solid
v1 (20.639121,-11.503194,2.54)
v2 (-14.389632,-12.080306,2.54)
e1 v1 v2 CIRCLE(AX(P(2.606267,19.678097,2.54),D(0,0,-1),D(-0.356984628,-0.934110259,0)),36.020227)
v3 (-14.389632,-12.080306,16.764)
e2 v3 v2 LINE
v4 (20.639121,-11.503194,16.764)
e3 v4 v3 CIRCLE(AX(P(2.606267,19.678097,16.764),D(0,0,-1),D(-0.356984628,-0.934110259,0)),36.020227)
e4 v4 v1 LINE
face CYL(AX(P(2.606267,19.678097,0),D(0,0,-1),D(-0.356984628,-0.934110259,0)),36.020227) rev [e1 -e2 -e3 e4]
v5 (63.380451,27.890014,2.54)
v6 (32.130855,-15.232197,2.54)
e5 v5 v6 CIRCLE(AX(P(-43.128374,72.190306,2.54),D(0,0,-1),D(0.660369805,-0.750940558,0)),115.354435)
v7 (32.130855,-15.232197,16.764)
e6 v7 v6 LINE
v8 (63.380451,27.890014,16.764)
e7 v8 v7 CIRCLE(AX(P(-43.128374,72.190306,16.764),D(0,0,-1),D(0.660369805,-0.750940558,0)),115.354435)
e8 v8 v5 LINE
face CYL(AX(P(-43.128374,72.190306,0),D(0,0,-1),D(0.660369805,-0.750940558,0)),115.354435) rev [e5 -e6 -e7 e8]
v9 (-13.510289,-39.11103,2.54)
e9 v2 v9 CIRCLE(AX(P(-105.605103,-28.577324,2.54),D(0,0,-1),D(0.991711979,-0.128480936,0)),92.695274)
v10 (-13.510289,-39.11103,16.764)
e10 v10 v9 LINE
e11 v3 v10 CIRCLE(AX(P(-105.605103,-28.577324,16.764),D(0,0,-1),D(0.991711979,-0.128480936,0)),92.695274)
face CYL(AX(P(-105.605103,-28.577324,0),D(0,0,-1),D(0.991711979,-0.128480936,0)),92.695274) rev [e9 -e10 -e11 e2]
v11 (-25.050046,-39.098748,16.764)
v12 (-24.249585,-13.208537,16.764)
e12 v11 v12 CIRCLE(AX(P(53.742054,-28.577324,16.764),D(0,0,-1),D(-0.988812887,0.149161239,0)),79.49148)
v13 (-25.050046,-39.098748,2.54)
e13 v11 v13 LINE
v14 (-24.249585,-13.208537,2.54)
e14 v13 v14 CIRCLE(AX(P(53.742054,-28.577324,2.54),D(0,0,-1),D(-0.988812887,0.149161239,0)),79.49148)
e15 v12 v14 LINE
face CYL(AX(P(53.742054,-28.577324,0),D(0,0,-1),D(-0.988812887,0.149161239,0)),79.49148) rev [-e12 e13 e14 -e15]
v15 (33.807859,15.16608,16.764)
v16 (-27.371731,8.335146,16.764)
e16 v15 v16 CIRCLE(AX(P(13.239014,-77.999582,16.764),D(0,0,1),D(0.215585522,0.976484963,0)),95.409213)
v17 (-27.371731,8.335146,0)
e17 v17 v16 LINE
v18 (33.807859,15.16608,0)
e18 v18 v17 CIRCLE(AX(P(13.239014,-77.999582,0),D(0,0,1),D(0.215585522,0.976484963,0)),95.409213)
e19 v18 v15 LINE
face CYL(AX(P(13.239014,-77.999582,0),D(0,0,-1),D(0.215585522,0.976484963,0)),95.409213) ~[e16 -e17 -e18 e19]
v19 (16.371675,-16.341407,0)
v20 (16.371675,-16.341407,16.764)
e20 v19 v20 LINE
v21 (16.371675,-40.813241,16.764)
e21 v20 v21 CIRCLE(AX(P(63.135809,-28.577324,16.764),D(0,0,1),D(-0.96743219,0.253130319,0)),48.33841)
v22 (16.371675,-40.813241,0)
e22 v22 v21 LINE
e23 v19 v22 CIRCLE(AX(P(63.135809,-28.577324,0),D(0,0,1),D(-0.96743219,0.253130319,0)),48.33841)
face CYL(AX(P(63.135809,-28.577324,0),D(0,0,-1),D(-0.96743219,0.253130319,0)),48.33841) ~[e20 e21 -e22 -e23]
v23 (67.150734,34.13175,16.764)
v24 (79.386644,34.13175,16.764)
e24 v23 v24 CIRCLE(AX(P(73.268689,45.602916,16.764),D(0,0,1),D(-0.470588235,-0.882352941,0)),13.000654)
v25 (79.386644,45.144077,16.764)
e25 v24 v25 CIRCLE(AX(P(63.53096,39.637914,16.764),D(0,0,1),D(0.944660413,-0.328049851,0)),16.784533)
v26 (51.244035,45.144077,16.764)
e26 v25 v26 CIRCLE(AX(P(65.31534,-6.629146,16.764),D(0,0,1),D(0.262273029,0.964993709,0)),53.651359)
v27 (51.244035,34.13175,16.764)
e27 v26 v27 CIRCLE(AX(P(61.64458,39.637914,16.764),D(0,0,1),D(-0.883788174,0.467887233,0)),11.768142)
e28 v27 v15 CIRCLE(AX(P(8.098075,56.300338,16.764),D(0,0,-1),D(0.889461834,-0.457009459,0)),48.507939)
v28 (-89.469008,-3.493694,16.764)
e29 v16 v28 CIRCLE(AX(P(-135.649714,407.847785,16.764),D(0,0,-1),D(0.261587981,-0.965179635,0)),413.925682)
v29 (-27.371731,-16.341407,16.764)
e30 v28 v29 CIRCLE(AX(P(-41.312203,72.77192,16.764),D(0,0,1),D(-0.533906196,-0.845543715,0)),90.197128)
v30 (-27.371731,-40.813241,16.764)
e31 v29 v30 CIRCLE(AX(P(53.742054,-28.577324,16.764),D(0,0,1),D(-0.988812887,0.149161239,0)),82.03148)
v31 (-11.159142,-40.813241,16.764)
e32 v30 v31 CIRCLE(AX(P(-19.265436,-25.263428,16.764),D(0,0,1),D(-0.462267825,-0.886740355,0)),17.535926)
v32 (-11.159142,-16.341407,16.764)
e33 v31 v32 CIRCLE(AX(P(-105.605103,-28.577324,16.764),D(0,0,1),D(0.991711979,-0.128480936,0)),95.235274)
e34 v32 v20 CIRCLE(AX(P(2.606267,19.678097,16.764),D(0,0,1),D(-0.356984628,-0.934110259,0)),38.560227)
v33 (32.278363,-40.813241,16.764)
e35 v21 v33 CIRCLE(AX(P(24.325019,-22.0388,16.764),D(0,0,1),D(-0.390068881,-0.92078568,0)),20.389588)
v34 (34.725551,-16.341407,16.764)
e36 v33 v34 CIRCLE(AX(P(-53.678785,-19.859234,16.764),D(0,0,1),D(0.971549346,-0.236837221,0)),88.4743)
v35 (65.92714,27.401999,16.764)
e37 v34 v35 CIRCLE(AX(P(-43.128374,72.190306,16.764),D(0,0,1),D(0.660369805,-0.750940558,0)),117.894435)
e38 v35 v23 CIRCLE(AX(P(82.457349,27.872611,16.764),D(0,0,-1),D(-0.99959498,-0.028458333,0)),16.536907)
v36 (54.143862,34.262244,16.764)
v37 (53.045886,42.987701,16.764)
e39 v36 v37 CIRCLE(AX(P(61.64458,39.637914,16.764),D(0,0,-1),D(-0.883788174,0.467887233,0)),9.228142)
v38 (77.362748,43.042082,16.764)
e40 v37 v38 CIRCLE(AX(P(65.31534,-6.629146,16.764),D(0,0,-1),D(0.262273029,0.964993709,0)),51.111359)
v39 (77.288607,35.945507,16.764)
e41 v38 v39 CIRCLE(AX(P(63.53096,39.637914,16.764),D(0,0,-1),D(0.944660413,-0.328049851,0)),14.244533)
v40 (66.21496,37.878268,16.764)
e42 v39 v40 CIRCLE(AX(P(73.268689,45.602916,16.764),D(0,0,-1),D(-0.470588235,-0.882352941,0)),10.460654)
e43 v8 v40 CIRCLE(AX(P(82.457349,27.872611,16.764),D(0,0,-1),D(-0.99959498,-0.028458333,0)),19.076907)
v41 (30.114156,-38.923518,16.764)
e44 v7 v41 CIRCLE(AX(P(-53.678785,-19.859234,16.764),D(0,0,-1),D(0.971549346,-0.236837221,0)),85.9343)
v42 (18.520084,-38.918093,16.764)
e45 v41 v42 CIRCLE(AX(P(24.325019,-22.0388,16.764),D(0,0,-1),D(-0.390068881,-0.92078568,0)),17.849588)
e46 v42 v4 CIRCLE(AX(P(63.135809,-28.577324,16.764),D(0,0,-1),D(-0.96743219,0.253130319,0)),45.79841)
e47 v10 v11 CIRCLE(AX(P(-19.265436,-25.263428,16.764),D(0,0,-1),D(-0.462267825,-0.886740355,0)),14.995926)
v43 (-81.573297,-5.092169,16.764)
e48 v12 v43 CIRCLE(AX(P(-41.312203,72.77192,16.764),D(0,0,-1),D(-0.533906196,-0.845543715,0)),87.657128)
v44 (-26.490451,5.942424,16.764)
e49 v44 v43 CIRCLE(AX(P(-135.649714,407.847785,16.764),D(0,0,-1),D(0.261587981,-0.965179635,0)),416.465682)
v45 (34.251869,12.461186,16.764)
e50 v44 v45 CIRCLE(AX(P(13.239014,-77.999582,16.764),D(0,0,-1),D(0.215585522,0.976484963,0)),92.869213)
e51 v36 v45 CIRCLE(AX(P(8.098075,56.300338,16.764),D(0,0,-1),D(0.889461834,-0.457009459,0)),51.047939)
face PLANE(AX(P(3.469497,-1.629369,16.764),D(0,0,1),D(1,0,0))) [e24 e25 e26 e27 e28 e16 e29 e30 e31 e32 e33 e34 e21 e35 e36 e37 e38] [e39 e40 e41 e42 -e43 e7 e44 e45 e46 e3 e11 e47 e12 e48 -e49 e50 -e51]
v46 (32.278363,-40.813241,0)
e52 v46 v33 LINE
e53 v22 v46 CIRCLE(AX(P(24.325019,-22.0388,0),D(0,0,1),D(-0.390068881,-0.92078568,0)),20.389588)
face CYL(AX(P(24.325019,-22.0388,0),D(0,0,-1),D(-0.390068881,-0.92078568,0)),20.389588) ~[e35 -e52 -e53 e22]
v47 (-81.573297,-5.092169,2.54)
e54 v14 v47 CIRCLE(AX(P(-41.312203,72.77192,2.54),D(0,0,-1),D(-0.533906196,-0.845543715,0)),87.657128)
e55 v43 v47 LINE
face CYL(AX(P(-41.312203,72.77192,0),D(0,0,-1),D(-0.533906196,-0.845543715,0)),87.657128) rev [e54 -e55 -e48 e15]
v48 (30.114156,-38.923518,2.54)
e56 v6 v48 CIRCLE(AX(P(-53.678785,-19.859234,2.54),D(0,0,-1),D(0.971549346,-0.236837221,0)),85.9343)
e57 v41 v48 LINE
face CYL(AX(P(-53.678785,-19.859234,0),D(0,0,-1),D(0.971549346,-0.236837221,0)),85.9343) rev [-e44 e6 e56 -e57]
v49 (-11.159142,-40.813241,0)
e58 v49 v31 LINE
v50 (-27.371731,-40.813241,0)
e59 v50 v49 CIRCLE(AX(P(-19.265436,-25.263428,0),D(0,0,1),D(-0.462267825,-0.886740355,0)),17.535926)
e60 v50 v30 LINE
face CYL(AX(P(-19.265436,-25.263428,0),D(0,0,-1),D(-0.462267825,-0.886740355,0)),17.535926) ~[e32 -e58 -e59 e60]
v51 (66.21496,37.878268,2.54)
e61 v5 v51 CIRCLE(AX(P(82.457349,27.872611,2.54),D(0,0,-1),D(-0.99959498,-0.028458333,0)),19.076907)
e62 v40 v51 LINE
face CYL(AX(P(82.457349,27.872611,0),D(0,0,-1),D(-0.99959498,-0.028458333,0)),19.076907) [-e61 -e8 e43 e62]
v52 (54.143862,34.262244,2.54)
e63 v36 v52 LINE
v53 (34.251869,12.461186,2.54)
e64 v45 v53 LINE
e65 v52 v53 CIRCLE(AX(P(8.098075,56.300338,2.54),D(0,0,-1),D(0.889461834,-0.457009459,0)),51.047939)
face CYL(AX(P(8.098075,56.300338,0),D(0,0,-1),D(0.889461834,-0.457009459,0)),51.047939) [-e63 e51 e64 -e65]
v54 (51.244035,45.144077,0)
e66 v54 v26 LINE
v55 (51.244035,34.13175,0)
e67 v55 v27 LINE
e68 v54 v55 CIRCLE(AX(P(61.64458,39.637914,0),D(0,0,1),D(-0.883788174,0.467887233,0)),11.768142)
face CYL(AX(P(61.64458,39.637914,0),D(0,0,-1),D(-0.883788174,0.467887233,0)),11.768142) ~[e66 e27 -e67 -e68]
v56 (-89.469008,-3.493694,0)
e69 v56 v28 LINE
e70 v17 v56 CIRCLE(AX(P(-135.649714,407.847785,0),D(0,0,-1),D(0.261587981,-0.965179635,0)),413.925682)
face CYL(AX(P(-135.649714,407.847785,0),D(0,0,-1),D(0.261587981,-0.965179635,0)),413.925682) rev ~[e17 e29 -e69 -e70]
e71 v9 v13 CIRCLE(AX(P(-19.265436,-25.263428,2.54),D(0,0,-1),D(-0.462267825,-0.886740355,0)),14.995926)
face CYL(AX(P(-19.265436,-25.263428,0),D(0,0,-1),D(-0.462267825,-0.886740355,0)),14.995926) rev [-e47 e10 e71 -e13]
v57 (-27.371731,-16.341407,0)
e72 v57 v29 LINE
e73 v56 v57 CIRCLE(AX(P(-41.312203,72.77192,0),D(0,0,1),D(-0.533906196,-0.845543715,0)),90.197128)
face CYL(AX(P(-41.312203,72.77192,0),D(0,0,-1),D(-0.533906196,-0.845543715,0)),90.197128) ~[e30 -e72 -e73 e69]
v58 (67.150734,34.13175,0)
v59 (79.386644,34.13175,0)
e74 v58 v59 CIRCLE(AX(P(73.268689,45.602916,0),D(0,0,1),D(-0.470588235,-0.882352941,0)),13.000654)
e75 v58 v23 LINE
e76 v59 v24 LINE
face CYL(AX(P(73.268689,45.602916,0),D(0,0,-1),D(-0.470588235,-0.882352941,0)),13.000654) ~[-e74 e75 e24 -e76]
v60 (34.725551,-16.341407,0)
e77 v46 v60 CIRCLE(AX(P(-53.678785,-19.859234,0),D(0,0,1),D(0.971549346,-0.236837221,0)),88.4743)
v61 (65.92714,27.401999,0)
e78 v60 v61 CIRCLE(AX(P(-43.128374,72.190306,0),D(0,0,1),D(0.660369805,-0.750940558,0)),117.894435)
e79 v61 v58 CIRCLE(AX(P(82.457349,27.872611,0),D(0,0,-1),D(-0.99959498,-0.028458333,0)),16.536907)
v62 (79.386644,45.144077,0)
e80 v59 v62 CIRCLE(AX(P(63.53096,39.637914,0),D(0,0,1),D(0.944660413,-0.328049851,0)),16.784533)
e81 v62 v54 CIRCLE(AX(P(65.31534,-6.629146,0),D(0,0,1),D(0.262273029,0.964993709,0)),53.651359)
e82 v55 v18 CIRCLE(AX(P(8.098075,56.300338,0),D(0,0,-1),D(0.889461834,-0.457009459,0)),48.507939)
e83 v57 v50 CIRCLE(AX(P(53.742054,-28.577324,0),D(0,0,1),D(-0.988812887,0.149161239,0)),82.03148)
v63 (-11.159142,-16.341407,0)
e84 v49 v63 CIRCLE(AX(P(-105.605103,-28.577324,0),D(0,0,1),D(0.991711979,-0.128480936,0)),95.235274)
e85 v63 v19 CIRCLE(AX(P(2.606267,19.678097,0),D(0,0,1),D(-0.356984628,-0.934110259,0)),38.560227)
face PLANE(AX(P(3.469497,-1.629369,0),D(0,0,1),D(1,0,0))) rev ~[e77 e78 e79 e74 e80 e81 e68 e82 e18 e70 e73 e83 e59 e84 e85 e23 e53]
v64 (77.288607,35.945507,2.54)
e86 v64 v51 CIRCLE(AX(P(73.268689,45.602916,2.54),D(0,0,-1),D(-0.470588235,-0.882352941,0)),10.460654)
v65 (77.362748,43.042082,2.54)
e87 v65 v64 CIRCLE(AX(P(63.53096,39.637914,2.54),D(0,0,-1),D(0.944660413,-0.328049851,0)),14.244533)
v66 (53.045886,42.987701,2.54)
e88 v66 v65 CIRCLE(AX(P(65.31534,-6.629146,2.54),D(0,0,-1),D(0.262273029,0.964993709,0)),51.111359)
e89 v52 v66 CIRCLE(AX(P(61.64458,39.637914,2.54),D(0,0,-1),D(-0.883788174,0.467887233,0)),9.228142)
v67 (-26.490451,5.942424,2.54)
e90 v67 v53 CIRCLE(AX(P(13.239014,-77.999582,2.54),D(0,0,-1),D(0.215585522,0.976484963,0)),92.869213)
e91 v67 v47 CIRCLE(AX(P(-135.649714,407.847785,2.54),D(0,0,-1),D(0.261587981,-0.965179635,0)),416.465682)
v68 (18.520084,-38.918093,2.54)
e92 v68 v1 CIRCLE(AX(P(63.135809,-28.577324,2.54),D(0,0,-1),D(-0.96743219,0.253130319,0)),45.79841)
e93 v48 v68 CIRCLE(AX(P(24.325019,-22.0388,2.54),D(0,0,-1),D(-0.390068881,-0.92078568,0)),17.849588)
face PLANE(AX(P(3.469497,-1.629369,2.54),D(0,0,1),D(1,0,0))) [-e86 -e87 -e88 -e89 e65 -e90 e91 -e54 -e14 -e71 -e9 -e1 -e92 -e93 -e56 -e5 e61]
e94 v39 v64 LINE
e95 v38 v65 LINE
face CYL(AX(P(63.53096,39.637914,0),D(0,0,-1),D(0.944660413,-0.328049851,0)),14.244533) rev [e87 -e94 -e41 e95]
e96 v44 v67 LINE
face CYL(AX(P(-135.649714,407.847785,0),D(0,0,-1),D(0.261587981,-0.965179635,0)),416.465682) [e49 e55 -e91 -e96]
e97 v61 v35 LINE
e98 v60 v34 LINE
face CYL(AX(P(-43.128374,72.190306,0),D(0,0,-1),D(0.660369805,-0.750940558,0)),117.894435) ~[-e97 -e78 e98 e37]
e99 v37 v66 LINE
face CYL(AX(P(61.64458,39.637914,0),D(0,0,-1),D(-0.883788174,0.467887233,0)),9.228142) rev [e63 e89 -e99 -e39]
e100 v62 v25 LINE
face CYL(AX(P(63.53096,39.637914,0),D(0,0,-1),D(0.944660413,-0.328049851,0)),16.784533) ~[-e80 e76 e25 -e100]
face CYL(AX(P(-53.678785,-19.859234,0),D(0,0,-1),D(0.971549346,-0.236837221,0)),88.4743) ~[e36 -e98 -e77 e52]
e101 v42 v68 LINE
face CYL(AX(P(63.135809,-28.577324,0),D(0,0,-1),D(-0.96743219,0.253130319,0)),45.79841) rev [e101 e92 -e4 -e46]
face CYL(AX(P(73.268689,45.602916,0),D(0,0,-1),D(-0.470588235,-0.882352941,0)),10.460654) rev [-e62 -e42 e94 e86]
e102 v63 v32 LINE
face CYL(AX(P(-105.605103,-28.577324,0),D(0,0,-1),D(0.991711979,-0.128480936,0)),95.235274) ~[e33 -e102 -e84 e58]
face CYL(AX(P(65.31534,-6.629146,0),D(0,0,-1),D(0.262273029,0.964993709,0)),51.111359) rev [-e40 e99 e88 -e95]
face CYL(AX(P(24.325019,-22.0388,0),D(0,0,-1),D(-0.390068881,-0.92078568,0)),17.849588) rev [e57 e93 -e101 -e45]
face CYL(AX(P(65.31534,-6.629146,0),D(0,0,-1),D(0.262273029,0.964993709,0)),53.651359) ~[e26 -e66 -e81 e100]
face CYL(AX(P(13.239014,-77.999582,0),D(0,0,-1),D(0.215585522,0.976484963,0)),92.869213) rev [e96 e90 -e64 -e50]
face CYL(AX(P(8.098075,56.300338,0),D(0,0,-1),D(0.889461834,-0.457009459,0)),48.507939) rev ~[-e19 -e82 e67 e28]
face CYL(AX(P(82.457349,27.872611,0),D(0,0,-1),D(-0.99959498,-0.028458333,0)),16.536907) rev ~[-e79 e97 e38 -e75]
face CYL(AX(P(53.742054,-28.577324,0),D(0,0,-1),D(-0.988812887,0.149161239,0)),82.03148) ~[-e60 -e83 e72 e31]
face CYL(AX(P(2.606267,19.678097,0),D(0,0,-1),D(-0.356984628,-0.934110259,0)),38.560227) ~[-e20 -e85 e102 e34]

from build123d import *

# Parameters (mm, degrees)
F1_DEPTH = 16.764
F2_T     = -2.54


with BuildPart() as f1:
    # F0 (on Top) → F1 (new body)
    with BuildSketch(Plane.XY):
        with BuildLine():
            ThreePointArc((-27.3717306554, 8.3351464585), (-58.1942297885, 1.2335722613), (-89.4690081477, -3.4936941229))
            ThreePointArc((-89.4690081477, -3.4936941229), (-59.5866465709, -15.5545567425), (-27.3717306554, -16.341406852))
            ThreePointArc((-27.3717306554, -16.341406852), (-28.2894261181, -28.577324003), (-27.3717306554, -40.813241154))
            ThreePointArc((-27.3717306554, -40.813241154), (-19.2654361017, -42.7993539444), (-11.159141548, -40.813241154))
            ThreePointArc((-11.159141548, -40.813241154), (-10.3698295849, -28.577324003), (-11.159141548, -16.341406852))
            ThreePointArc((-11.159141548, -16.341406852), (2.6062666439, -18.882130215), (16.3716748357, -16.341406852))
            ThreePointArc((16.3716748357, -16.341406852), (14.7973986674, -28.577324003), (16.3716748357, -40.813241154))
            ThreePointArc((16.3716748357, -40.813241154), (24.3250187486, -42.4283885346), (32.2783626616, -40.813241154))
            ThreePointArc((32.2783626616, -40.813241154), (34.3564316792, -28.6627716658), (34.7255505621, -16.341406852))
            ThreePointArc((34.7255505621, -16.341406852), (52.8516029477, 3.7290633047), (65.9271404147, 27.4019986391))
            ThreePointArc((65.9271404147, 27.4019986391), (66.1871855747, 30.8308295689), (67.150734365, 34.1317504644))
            ThreePointArc((67.150734365, 34.1317504644), (73.2686892152, 32.6022617519), (79.3866440654, 34.1317504644))
            ThreePointArc((79.3866440654, 34.1317504644), (80.3154931798, 39.6379139274), (79.3866440654, 45.1440773904))
            ThreePointArc((79.3866440654, 45.1440773904), (65.3153397143, 47.0222124706), (51.2440353632, 45.1440773904))
            ThreePointArc((51.2440353632, 45.1440773904), (49.8764380806, 39.6379139274), (51.2440353632, 34.1317504644))
            ThreePointArc((51.2440353632, 34.1317504644), (43.8080532114, 23.470204901), (33.8078588247, 15.1660796255))
            ThreePointArc((33.8078588247, 15.1660796255), (2.6520007539, 16.8204214195), (-27.3717306554, 8.3351464585))
        make_face()
    extrude(amount=F1_DEPTH)

    # F2
    f2_openings = [f1.faces().sort_by_distance(p)[0] for p in [
        (5.65792, -1.687436, 16.764),
    ]]
    offset(amount=F2_T, openings=f2_openings, kind=Kind.INTERSECTION)


solid = f1.part
